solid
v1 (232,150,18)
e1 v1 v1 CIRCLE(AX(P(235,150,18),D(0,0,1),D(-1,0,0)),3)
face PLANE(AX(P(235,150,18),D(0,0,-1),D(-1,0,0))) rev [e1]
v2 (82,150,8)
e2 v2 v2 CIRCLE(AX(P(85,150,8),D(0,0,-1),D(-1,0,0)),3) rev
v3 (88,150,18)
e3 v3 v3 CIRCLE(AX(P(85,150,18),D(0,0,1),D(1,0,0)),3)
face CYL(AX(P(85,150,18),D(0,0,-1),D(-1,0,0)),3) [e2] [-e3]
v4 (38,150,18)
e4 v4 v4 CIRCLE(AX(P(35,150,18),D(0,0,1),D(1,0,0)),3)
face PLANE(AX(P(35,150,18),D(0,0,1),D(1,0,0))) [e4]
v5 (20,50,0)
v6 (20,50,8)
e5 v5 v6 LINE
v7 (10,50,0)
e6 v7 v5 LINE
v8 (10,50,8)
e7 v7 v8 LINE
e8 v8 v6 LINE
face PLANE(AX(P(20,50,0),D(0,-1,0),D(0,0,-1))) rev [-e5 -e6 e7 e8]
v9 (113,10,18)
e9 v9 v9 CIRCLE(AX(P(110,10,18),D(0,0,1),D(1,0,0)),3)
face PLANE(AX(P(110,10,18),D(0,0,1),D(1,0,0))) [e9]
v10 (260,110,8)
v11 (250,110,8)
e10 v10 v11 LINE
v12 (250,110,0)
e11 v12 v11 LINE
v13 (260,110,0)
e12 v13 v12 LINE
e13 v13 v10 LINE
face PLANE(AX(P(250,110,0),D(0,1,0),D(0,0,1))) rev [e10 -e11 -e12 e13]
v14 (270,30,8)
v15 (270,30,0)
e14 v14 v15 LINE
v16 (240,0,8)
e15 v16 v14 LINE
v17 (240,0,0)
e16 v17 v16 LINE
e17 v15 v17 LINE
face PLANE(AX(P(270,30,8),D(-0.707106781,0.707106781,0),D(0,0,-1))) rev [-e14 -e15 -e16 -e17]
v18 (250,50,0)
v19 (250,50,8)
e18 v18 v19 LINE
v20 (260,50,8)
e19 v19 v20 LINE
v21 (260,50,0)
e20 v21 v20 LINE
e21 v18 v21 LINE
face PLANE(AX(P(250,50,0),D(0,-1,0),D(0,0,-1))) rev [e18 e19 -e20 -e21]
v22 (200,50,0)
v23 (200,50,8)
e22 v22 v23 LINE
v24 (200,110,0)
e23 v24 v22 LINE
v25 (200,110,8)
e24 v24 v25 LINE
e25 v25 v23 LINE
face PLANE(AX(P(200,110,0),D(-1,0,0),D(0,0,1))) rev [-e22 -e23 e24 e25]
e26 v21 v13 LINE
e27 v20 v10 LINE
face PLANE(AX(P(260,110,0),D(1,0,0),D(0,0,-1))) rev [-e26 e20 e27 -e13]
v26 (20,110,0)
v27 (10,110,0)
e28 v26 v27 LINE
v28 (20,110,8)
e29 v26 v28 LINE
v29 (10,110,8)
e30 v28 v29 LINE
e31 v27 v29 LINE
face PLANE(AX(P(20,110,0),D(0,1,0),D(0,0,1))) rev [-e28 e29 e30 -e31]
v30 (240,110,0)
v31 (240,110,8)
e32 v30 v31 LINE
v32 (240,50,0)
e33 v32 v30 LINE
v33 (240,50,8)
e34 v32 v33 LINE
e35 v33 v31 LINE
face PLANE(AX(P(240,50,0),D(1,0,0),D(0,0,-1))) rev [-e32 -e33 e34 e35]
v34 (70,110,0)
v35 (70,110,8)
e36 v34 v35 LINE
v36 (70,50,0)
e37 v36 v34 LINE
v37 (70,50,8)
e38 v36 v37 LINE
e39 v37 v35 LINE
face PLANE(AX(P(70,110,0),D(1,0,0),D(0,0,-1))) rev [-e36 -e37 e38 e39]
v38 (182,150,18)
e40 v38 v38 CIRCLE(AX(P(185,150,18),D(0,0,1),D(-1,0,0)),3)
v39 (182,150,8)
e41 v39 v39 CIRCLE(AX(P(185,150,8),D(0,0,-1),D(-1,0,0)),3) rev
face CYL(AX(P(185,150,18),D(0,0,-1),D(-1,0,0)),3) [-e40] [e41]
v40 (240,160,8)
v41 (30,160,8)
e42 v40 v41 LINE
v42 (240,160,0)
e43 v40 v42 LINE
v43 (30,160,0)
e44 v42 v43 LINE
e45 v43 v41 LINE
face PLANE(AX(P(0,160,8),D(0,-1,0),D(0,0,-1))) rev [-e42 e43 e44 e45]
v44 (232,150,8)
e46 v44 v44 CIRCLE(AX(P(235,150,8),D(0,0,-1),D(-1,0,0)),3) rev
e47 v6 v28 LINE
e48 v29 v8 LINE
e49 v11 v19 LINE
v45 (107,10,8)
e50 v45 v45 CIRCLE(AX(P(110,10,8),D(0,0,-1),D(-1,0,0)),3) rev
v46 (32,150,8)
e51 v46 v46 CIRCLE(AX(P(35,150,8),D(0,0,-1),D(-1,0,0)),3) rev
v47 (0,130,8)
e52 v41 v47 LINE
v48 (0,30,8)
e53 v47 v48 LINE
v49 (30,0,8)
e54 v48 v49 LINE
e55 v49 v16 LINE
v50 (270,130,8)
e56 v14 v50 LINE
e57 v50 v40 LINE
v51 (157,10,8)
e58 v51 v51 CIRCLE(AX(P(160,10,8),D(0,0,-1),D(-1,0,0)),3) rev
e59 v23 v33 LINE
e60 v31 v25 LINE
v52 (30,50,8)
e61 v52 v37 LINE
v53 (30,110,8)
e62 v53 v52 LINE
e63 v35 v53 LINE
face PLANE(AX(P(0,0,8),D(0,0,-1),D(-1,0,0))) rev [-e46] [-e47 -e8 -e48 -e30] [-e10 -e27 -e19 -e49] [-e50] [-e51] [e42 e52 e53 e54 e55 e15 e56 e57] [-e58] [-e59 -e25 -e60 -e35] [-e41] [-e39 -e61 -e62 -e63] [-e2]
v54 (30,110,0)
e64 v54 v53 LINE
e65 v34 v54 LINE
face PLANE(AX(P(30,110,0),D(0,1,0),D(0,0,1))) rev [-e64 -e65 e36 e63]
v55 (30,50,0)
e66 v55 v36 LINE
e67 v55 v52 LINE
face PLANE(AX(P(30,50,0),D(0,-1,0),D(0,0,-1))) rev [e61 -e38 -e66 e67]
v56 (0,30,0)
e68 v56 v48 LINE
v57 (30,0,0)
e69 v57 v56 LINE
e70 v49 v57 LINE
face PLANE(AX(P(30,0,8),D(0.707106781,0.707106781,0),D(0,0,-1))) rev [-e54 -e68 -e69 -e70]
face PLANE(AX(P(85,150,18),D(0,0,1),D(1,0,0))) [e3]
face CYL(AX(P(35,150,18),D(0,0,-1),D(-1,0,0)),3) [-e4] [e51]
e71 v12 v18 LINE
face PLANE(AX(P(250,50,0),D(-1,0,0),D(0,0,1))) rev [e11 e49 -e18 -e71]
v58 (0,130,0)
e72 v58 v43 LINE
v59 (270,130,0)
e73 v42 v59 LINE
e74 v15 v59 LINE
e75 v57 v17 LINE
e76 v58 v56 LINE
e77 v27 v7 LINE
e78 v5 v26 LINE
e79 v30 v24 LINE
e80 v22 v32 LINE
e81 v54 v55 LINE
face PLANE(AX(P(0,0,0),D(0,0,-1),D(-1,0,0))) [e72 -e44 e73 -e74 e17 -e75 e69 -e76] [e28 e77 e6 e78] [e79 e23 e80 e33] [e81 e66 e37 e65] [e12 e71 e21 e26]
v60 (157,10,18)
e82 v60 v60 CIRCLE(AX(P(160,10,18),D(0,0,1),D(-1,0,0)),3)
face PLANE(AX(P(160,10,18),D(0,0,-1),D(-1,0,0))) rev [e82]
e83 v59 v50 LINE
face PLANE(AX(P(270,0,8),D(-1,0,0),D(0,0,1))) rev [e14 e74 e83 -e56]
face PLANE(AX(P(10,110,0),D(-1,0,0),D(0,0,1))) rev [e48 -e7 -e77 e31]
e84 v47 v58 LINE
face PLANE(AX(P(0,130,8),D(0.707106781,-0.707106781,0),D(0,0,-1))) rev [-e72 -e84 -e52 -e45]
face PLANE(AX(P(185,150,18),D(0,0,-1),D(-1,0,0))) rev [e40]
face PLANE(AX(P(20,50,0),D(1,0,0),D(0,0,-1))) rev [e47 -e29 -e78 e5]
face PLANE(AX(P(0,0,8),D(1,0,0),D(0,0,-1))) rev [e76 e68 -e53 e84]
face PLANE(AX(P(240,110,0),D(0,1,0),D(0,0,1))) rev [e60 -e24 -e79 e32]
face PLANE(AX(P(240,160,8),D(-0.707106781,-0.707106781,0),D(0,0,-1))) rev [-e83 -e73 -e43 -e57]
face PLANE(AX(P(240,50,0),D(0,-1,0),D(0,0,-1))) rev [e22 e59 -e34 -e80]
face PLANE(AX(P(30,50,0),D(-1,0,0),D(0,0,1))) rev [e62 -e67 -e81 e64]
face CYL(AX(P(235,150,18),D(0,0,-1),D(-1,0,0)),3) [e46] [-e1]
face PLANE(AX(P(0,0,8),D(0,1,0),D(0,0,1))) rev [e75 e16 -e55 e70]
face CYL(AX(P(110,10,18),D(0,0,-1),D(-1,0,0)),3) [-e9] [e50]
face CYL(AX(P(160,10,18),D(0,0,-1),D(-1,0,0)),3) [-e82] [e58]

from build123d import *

# Parameters (mm, degrees)
ESQUISSE1_W             = 270
ESQUISSE1_H             = 160
BOSS_EXTRU_1_DEPTH      = 8
CHANFREIN1_SIZE         = 30
ESQUISSE2_W             = 40
ESQUISSE2_H             = 60
ESQUISSE2_W_2           = 10
ENL_V_MAT_EXTRU_1_DEPTH = 8
ESQUISSE3_R             = 3
BOSS_EXTRU_2_DEPTH      = 10


with BuildPart() as part:
    # Esquisse1 → Boss.-Extru.1 (new body)
    with BuildSketch(Plane.XY):
        with Locations((135, 80)):
            Rectangle(ESQUISSE1_W, ESQUISSE1_H)
    extrude(amount=BOSS_EXTRU_1_DEPTH)

    # Chanfrein1
    chanfrein1_edges = [part.edges().sort_by_distance(p)[0] for p in [
        (0, 160, 4),
        (270, 160, 4),
        (270, 0, 4),
        (0, 0, 4),
    ]]
    chamfer(chanfrein1_edges, length=CHANFREIN1_SIZE)

    # Esquisse2 → Enlèv. mat.-Extru.1 (cut)
    with BuildSketch(Plane.XY.offset(8)):
        with Locations((50, 80)):
            Rectangle(ESQUISSE2_W, ESQUISSE2_H)
        with Locations((15, 80)):
            Rectangle(ESQUISSE2_W_2, ESQUISSE2_H)
        with Locations((220, 80)):
            Rectangle(ESQUISSE2_W, ESQUISSE2_H)
        with Locations((255, 80)):
            Rectangle(ESQUISSE2_W_2, ESQUISSE2_H)
    extrude(amount=-ENL_V_MAT_EXTRU_1_DEPTH, mode=Mode.SUBTRACT)

    # Esquisse3 → Boss.-Extru.2 (add)
    with BuildSketch(Plane.XY.offset(8)):
        with Locations(Location((35, 150, 0), (0, 0, 180))):
            Circle(ESQUISSE3_R)
        with Locations(Location((85, 150, 0), (0, 0, 180))):
            Circle(ESQUISSE3_R)
        with Locations(Location((185, 150, 0), (0, 0, 180))):
            Circle(ESQUISSE3_R)
        with Locations(Location((235, 150, 0), (0, 0, 180))):
            Circle(ESQUISSE3_R)
        with Locations(Location((110, 10, 0), (0, 0, 180))):
            Circle(ESQUISSE3_R)
        with Locations(Location((160, 10, 0), (0, 0, 180))):
            Circle(ESQUISSE3_R)
    extrude(amount=BOSS_EXTRU_2_DEPTH)


solid = part.part
